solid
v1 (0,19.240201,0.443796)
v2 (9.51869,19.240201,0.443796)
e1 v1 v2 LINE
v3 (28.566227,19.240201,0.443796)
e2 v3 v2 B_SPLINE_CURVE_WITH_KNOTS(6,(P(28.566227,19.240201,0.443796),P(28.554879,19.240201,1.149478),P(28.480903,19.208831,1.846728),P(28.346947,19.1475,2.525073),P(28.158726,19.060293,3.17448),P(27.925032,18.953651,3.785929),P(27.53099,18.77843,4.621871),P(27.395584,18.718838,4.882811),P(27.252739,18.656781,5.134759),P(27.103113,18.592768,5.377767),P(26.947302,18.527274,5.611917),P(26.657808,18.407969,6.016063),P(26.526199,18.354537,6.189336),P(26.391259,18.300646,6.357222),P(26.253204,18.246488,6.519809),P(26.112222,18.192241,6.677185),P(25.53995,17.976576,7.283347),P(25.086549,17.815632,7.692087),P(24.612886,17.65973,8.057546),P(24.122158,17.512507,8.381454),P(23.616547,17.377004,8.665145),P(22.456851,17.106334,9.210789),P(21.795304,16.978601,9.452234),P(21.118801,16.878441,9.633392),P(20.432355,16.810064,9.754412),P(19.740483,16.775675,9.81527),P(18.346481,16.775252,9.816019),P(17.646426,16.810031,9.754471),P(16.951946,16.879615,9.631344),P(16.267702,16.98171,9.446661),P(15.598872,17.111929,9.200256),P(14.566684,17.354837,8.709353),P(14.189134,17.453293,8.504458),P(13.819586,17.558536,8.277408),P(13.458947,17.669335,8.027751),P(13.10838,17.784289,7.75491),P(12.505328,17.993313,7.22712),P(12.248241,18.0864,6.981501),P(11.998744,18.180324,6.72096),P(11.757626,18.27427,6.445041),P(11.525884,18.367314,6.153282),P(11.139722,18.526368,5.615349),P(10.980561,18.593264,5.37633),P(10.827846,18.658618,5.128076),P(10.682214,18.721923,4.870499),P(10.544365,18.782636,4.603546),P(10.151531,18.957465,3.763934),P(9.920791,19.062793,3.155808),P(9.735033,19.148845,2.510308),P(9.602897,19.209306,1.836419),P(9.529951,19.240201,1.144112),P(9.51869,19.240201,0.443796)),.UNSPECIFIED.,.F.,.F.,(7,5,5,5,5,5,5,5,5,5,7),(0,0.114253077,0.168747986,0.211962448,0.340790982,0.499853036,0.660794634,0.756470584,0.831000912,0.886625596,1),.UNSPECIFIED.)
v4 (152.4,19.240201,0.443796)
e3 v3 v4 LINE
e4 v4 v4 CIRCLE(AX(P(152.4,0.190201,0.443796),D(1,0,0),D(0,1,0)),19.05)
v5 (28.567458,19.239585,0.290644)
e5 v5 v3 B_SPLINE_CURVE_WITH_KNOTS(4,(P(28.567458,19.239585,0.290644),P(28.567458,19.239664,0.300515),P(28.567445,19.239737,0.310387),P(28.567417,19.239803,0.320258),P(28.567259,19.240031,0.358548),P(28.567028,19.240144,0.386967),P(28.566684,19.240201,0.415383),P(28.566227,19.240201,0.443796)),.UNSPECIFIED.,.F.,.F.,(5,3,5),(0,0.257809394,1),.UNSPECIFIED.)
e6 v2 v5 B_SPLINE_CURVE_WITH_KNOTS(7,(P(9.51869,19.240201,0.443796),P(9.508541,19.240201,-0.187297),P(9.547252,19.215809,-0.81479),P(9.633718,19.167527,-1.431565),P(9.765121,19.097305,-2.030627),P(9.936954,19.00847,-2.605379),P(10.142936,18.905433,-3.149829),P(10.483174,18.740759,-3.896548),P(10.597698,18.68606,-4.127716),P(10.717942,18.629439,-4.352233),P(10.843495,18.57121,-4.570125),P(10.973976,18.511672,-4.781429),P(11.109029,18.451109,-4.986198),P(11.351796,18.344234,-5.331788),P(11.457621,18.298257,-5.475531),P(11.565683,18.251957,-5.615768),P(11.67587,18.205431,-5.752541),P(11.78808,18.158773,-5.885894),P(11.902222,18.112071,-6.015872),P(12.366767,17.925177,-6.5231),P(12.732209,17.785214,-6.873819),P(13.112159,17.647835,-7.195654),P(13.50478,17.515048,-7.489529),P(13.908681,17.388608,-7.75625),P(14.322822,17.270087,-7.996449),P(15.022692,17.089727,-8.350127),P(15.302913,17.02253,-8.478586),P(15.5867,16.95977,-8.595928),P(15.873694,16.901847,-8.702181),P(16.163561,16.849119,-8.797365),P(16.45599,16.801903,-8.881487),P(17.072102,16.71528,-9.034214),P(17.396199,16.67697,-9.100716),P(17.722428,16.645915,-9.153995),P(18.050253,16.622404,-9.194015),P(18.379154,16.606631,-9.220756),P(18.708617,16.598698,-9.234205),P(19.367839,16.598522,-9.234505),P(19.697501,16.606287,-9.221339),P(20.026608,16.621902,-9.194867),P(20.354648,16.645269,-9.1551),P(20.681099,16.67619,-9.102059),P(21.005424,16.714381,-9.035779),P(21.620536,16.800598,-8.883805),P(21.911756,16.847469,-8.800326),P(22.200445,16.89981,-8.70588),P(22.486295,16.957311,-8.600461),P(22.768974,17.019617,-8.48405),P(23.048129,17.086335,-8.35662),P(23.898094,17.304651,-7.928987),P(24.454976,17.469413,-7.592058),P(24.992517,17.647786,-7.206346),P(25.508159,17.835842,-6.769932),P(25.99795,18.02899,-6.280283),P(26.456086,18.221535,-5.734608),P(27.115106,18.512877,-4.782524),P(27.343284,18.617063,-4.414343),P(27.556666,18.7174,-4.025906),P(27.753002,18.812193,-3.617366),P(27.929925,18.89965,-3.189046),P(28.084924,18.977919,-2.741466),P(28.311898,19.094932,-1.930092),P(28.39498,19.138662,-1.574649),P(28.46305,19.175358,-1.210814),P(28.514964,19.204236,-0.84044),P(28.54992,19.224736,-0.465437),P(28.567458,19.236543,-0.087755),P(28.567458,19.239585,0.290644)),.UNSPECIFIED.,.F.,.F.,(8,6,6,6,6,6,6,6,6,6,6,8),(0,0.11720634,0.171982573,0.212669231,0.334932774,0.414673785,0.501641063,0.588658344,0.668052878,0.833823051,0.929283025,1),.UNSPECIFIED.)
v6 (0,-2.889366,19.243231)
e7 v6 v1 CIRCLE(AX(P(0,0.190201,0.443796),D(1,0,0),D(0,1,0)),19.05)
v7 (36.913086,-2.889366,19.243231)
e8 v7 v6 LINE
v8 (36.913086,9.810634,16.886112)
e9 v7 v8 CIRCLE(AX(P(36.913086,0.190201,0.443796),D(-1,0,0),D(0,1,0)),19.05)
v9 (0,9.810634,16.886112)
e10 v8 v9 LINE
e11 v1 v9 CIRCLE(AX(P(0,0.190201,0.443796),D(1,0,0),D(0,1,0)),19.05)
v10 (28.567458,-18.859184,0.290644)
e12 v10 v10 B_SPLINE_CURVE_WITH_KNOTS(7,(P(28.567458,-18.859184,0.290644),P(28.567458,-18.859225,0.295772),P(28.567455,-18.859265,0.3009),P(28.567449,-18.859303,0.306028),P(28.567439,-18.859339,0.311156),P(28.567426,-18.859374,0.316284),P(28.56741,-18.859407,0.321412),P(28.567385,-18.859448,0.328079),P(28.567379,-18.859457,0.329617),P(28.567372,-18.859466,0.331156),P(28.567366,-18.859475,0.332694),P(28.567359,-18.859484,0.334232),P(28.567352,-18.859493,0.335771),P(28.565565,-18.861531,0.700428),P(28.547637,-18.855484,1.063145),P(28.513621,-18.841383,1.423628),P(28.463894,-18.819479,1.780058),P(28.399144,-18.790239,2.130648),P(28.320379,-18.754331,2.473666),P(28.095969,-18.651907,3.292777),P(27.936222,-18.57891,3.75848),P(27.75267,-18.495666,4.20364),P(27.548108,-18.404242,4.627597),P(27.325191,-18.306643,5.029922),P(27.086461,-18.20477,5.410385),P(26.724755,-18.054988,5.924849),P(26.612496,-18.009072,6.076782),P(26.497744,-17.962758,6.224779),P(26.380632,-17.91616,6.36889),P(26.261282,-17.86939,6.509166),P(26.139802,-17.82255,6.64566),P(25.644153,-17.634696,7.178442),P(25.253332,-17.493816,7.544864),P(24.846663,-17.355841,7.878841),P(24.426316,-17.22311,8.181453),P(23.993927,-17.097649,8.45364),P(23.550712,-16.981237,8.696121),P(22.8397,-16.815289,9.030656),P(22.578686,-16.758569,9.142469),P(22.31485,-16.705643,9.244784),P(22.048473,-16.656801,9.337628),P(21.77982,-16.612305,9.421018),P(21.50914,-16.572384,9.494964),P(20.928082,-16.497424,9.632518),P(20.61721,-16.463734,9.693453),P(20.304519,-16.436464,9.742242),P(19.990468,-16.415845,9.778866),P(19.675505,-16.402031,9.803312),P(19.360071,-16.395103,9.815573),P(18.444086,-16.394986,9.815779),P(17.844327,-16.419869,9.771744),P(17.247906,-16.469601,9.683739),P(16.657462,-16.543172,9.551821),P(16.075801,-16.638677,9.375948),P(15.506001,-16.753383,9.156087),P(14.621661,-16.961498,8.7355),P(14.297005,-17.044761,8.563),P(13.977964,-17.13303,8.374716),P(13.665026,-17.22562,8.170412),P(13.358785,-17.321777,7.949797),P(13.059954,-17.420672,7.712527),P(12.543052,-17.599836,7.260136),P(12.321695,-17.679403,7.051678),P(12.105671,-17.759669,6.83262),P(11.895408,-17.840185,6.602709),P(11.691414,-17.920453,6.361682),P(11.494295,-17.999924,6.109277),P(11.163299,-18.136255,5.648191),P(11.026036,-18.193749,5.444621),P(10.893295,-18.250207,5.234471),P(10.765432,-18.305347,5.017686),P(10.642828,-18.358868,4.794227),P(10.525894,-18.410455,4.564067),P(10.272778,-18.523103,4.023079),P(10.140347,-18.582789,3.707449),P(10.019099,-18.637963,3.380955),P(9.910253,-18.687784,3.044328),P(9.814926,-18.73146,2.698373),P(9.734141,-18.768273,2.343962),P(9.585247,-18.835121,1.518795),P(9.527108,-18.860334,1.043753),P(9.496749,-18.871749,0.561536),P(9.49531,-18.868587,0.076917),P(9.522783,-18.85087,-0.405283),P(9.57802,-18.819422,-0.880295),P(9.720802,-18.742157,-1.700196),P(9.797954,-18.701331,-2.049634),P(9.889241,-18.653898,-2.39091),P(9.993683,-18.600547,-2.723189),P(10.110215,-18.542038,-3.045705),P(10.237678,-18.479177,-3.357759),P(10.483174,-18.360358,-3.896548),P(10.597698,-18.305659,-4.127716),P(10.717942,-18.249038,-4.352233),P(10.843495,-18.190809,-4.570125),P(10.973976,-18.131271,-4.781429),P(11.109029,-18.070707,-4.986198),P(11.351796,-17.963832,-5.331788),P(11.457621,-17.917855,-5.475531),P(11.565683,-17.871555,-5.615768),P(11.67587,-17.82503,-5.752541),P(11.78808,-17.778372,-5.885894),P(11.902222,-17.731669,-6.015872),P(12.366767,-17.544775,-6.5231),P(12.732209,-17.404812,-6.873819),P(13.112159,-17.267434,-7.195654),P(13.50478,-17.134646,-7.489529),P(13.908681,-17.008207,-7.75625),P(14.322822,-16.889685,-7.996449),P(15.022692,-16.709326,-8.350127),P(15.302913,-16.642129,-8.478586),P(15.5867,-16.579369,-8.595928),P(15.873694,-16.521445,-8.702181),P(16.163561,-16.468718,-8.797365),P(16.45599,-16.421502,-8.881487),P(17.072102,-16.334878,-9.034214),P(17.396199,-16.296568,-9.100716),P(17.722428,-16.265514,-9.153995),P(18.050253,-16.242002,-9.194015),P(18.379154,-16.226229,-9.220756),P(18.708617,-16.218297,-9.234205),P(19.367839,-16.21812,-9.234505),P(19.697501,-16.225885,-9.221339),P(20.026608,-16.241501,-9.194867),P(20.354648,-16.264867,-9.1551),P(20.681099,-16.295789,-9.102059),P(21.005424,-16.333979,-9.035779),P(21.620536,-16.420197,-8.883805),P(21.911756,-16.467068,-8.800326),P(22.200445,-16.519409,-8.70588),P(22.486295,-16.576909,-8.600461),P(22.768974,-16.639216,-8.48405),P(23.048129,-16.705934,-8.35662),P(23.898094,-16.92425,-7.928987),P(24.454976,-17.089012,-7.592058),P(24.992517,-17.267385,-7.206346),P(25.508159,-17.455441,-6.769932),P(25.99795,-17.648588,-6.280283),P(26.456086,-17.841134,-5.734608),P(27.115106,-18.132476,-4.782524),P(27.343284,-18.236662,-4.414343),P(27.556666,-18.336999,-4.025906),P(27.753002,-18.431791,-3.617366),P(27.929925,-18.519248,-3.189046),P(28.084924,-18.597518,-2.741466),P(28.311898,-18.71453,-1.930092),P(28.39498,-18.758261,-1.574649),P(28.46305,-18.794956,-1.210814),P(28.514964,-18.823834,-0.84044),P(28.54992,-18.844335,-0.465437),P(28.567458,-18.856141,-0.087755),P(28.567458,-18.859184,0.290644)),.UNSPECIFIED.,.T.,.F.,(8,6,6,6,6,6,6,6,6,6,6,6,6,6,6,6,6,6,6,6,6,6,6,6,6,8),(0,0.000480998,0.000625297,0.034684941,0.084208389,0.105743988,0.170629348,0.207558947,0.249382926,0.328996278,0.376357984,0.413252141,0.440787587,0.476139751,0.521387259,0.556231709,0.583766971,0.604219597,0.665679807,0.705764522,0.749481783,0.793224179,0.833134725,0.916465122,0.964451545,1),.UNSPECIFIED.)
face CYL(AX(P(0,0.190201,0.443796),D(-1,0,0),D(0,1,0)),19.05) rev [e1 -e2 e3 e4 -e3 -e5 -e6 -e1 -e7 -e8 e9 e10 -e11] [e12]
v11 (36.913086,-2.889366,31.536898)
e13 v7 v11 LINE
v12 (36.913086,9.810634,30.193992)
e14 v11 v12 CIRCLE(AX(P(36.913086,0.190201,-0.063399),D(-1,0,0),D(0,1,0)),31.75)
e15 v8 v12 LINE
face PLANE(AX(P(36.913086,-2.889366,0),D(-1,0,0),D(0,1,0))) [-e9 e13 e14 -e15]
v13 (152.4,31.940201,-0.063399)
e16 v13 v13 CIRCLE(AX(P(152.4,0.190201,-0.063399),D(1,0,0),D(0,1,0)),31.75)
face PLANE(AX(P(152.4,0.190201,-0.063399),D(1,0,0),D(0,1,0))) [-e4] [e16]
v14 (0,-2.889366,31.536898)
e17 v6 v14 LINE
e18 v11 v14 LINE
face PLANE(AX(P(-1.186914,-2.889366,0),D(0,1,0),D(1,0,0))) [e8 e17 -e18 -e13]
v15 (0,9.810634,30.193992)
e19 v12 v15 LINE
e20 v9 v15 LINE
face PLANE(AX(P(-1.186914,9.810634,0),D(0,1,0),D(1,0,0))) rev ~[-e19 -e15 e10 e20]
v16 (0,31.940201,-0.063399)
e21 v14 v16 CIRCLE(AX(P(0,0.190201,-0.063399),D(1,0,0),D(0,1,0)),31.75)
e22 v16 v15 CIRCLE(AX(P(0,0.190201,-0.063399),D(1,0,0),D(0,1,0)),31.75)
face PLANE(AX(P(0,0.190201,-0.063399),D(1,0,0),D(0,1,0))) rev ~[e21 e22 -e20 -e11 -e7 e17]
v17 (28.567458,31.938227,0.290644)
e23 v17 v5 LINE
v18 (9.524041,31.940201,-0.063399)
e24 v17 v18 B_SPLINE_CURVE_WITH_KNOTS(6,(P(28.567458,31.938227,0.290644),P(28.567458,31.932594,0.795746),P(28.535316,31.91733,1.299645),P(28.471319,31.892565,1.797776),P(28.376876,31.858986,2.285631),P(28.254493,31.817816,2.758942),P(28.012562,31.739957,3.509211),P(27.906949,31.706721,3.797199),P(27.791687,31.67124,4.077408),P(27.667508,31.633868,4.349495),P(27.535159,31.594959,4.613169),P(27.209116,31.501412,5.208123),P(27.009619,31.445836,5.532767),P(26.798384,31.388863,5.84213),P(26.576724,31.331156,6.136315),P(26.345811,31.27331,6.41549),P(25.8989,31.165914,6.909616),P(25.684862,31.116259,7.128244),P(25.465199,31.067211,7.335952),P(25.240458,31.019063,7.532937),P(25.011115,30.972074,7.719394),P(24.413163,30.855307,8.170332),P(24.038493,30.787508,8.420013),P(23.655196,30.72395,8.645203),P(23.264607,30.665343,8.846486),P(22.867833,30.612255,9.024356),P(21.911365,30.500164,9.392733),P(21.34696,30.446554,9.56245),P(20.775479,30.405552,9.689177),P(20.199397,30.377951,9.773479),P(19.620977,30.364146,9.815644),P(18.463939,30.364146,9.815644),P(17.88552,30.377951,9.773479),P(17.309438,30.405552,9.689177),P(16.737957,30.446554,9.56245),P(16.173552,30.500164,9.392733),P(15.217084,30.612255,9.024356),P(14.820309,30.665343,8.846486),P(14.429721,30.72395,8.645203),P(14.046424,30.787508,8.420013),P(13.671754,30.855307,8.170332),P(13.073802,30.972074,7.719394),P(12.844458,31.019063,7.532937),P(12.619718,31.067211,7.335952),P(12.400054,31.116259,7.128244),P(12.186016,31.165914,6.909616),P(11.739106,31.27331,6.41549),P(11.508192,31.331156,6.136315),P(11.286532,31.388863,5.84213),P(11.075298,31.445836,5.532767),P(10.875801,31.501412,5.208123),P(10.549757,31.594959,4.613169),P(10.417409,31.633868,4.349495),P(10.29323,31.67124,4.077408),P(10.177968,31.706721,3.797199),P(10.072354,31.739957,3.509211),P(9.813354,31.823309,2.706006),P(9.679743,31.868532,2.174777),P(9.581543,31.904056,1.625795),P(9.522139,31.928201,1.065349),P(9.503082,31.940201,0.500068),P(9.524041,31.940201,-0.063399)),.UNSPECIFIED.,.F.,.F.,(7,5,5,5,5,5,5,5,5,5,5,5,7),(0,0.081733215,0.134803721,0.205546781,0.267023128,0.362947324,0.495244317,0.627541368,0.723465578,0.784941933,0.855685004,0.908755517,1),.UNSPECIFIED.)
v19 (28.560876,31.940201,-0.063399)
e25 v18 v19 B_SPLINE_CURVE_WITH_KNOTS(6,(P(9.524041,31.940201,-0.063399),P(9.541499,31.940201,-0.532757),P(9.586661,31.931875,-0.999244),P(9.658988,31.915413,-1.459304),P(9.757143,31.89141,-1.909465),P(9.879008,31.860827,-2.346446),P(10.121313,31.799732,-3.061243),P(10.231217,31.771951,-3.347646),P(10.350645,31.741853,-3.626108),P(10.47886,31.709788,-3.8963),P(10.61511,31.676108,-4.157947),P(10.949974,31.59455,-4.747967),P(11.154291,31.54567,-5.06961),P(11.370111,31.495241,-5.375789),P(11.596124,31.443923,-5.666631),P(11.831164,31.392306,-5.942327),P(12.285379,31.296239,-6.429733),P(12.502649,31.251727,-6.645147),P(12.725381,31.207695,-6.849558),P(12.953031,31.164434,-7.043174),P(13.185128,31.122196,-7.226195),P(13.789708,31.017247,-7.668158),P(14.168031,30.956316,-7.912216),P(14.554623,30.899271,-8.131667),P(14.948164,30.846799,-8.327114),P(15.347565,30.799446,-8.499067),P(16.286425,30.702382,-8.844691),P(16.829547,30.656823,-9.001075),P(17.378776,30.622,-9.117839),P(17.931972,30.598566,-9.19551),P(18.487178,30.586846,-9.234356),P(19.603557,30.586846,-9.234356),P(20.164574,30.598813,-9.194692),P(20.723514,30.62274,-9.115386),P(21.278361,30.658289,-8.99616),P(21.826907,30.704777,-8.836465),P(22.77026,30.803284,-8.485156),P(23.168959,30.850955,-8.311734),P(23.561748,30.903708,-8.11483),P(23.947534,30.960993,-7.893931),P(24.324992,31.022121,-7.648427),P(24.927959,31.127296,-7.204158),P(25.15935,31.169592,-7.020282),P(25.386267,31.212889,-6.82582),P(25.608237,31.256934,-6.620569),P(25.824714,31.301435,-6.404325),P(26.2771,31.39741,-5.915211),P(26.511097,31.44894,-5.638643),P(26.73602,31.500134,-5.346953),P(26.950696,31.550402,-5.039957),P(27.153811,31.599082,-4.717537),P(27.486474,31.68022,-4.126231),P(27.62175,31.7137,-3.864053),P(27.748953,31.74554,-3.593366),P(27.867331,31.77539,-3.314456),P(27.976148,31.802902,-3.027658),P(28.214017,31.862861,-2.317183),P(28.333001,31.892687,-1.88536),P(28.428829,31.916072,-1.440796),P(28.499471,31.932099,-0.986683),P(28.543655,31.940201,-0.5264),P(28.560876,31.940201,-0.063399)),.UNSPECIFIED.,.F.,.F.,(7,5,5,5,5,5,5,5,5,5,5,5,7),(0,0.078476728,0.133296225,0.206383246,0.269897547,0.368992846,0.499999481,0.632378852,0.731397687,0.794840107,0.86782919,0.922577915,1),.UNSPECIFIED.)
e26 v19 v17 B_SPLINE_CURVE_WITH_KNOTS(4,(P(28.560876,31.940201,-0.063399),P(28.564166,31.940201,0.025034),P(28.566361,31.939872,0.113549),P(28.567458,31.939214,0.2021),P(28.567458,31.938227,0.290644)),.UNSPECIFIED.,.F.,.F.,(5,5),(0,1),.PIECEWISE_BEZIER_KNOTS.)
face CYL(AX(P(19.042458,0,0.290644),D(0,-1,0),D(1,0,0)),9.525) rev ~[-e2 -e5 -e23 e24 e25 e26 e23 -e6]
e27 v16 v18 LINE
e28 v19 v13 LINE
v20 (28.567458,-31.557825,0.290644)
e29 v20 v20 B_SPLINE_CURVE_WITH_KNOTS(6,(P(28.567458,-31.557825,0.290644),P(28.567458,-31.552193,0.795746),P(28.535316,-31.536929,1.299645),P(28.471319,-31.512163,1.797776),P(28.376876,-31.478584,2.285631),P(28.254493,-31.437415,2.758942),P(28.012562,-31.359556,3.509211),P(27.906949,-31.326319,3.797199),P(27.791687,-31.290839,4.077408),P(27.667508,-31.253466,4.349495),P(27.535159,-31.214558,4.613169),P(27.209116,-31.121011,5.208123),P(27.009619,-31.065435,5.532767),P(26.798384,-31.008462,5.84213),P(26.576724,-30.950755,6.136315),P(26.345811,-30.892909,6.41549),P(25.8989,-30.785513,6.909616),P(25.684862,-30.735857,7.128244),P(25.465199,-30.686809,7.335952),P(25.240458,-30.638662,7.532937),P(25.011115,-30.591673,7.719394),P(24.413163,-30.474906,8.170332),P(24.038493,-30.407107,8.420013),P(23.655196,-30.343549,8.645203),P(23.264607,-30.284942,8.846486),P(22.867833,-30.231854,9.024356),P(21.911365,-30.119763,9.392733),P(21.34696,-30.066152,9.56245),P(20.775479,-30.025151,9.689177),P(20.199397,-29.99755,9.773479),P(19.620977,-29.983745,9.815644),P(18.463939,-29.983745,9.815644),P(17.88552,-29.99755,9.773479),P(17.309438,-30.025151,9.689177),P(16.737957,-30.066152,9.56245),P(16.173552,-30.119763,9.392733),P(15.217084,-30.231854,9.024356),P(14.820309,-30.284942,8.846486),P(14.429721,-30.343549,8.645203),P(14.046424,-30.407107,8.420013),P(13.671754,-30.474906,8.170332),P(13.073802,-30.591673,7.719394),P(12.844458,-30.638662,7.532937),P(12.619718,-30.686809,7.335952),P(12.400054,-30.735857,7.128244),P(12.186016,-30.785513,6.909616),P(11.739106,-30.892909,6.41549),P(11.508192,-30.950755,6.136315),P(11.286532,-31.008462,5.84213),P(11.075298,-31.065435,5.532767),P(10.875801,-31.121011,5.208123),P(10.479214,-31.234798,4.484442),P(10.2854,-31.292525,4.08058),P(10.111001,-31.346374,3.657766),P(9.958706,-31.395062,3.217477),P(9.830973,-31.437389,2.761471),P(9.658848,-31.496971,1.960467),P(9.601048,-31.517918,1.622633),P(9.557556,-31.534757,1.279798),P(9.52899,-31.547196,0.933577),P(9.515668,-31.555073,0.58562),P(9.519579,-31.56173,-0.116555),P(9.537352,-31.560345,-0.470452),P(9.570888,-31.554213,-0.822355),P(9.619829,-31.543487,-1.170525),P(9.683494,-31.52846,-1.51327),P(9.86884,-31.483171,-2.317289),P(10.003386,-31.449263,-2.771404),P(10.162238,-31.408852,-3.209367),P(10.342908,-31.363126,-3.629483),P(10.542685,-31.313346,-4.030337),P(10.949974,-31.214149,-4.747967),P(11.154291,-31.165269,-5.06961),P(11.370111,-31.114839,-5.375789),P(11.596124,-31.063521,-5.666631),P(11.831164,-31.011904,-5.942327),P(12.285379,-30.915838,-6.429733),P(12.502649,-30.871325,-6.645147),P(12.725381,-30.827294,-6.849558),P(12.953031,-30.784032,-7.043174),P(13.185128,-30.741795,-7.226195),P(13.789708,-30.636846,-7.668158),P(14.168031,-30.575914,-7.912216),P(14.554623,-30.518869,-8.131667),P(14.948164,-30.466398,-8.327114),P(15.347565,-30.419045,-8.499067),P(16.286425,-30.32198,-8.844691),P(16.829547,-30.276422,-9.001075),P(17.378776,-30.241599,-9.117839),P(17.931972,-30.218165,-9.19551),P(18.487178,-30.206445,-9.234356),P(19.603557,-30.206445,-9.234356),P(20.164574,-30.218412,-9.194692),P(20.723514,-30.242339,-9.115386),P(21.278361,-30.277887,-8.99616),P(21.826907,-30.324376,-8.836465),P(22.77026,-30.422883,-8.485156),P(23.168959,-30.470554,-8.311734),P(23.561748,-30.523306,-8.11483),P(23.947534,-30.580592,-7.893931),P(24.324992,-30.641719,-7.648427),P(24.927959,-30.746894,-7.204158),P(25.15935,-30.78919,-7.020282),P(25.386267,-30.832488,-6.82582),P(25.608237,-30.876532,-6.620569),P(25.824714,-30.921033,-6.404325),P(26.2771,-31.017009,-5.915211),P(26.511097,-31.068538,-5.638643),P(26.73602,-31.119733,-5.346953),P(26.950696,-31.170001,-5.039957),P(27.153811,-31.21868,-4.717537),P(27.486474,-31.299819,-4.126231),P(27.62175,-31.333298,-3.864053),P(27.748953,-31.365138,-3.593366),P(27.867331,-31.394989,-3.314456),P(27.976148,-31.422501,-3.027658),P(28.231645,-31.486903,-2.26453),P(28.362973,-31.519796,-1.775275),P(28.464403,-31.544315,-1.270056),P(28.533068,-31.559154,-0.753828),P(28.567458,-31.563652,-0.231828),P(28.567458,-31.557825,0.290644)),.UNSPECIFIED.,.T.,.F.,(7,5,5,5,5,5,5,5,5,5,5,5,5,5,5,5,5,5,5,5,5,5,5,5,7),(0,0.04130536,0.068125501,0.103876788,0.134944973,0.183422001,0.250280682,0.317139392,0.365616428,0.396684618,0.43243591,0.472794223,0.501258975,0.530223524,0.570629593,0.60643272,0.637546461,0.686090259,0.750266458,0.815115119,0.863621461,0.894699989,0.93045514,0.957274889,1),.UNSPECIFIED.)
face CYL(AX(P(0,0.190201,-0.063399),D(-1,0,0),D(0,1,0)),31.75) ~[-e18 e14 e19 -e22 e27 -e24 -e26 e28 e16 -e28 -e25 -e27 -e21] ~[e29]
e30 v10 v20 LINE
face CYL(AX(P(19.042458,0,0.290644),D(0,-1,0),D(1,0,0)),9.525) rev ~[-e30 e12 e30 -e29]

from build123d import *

# Parameters (mm, degrees)
F0_R     = 31.75
F2_DEPTH = 152.4
F1_R     = 19.05
F3_DEPTH = 152.4
F4_R     = 9.525
F5_DEPTH = 38.1
F6_W     = 38.1
F6_H     = 12.7
F7_DEPTH = 50.8


with BuildPart() as f2:
    # F0 (on Right) → F2 (new body)
    with BuildSketch(Plane.YZ):
        with Locations((0.1902006916, -0.0633993695)):
            Circle(F0_R)
    extrude(amount=F2_DEPTH)

    # F1 (on Right) → F3 (cut)
    with BuildSketch(Plane.YZ):
        with Locations((0.1902006916, 0.4437955504)):
            Circle(F1_R)
    extrude(amount=F3_DEPTH, mode=Mode.SUBTRACT)

    # F4 (on Front) → F5 (cut, symmetric)
    with BuildSketch(Plane.XZ):
        with Locations((19.0424583852, 0.2906440059)):
            Circle(F4_R)
    extrude(amount=F5_DEPTH, both=True, mode=Mode.SUBTRACT)

    # F6 (on Top) → F7 (cut)
    with BuildSketch(Plane.XY):
        with Locations((17.8630856547, 3.4606340123)):
            Rectangle(F6_W, F6_H)
    extrude(amount=F7_DEPTH, mode=Mode.SUBTRACT)


solid = f2.part
